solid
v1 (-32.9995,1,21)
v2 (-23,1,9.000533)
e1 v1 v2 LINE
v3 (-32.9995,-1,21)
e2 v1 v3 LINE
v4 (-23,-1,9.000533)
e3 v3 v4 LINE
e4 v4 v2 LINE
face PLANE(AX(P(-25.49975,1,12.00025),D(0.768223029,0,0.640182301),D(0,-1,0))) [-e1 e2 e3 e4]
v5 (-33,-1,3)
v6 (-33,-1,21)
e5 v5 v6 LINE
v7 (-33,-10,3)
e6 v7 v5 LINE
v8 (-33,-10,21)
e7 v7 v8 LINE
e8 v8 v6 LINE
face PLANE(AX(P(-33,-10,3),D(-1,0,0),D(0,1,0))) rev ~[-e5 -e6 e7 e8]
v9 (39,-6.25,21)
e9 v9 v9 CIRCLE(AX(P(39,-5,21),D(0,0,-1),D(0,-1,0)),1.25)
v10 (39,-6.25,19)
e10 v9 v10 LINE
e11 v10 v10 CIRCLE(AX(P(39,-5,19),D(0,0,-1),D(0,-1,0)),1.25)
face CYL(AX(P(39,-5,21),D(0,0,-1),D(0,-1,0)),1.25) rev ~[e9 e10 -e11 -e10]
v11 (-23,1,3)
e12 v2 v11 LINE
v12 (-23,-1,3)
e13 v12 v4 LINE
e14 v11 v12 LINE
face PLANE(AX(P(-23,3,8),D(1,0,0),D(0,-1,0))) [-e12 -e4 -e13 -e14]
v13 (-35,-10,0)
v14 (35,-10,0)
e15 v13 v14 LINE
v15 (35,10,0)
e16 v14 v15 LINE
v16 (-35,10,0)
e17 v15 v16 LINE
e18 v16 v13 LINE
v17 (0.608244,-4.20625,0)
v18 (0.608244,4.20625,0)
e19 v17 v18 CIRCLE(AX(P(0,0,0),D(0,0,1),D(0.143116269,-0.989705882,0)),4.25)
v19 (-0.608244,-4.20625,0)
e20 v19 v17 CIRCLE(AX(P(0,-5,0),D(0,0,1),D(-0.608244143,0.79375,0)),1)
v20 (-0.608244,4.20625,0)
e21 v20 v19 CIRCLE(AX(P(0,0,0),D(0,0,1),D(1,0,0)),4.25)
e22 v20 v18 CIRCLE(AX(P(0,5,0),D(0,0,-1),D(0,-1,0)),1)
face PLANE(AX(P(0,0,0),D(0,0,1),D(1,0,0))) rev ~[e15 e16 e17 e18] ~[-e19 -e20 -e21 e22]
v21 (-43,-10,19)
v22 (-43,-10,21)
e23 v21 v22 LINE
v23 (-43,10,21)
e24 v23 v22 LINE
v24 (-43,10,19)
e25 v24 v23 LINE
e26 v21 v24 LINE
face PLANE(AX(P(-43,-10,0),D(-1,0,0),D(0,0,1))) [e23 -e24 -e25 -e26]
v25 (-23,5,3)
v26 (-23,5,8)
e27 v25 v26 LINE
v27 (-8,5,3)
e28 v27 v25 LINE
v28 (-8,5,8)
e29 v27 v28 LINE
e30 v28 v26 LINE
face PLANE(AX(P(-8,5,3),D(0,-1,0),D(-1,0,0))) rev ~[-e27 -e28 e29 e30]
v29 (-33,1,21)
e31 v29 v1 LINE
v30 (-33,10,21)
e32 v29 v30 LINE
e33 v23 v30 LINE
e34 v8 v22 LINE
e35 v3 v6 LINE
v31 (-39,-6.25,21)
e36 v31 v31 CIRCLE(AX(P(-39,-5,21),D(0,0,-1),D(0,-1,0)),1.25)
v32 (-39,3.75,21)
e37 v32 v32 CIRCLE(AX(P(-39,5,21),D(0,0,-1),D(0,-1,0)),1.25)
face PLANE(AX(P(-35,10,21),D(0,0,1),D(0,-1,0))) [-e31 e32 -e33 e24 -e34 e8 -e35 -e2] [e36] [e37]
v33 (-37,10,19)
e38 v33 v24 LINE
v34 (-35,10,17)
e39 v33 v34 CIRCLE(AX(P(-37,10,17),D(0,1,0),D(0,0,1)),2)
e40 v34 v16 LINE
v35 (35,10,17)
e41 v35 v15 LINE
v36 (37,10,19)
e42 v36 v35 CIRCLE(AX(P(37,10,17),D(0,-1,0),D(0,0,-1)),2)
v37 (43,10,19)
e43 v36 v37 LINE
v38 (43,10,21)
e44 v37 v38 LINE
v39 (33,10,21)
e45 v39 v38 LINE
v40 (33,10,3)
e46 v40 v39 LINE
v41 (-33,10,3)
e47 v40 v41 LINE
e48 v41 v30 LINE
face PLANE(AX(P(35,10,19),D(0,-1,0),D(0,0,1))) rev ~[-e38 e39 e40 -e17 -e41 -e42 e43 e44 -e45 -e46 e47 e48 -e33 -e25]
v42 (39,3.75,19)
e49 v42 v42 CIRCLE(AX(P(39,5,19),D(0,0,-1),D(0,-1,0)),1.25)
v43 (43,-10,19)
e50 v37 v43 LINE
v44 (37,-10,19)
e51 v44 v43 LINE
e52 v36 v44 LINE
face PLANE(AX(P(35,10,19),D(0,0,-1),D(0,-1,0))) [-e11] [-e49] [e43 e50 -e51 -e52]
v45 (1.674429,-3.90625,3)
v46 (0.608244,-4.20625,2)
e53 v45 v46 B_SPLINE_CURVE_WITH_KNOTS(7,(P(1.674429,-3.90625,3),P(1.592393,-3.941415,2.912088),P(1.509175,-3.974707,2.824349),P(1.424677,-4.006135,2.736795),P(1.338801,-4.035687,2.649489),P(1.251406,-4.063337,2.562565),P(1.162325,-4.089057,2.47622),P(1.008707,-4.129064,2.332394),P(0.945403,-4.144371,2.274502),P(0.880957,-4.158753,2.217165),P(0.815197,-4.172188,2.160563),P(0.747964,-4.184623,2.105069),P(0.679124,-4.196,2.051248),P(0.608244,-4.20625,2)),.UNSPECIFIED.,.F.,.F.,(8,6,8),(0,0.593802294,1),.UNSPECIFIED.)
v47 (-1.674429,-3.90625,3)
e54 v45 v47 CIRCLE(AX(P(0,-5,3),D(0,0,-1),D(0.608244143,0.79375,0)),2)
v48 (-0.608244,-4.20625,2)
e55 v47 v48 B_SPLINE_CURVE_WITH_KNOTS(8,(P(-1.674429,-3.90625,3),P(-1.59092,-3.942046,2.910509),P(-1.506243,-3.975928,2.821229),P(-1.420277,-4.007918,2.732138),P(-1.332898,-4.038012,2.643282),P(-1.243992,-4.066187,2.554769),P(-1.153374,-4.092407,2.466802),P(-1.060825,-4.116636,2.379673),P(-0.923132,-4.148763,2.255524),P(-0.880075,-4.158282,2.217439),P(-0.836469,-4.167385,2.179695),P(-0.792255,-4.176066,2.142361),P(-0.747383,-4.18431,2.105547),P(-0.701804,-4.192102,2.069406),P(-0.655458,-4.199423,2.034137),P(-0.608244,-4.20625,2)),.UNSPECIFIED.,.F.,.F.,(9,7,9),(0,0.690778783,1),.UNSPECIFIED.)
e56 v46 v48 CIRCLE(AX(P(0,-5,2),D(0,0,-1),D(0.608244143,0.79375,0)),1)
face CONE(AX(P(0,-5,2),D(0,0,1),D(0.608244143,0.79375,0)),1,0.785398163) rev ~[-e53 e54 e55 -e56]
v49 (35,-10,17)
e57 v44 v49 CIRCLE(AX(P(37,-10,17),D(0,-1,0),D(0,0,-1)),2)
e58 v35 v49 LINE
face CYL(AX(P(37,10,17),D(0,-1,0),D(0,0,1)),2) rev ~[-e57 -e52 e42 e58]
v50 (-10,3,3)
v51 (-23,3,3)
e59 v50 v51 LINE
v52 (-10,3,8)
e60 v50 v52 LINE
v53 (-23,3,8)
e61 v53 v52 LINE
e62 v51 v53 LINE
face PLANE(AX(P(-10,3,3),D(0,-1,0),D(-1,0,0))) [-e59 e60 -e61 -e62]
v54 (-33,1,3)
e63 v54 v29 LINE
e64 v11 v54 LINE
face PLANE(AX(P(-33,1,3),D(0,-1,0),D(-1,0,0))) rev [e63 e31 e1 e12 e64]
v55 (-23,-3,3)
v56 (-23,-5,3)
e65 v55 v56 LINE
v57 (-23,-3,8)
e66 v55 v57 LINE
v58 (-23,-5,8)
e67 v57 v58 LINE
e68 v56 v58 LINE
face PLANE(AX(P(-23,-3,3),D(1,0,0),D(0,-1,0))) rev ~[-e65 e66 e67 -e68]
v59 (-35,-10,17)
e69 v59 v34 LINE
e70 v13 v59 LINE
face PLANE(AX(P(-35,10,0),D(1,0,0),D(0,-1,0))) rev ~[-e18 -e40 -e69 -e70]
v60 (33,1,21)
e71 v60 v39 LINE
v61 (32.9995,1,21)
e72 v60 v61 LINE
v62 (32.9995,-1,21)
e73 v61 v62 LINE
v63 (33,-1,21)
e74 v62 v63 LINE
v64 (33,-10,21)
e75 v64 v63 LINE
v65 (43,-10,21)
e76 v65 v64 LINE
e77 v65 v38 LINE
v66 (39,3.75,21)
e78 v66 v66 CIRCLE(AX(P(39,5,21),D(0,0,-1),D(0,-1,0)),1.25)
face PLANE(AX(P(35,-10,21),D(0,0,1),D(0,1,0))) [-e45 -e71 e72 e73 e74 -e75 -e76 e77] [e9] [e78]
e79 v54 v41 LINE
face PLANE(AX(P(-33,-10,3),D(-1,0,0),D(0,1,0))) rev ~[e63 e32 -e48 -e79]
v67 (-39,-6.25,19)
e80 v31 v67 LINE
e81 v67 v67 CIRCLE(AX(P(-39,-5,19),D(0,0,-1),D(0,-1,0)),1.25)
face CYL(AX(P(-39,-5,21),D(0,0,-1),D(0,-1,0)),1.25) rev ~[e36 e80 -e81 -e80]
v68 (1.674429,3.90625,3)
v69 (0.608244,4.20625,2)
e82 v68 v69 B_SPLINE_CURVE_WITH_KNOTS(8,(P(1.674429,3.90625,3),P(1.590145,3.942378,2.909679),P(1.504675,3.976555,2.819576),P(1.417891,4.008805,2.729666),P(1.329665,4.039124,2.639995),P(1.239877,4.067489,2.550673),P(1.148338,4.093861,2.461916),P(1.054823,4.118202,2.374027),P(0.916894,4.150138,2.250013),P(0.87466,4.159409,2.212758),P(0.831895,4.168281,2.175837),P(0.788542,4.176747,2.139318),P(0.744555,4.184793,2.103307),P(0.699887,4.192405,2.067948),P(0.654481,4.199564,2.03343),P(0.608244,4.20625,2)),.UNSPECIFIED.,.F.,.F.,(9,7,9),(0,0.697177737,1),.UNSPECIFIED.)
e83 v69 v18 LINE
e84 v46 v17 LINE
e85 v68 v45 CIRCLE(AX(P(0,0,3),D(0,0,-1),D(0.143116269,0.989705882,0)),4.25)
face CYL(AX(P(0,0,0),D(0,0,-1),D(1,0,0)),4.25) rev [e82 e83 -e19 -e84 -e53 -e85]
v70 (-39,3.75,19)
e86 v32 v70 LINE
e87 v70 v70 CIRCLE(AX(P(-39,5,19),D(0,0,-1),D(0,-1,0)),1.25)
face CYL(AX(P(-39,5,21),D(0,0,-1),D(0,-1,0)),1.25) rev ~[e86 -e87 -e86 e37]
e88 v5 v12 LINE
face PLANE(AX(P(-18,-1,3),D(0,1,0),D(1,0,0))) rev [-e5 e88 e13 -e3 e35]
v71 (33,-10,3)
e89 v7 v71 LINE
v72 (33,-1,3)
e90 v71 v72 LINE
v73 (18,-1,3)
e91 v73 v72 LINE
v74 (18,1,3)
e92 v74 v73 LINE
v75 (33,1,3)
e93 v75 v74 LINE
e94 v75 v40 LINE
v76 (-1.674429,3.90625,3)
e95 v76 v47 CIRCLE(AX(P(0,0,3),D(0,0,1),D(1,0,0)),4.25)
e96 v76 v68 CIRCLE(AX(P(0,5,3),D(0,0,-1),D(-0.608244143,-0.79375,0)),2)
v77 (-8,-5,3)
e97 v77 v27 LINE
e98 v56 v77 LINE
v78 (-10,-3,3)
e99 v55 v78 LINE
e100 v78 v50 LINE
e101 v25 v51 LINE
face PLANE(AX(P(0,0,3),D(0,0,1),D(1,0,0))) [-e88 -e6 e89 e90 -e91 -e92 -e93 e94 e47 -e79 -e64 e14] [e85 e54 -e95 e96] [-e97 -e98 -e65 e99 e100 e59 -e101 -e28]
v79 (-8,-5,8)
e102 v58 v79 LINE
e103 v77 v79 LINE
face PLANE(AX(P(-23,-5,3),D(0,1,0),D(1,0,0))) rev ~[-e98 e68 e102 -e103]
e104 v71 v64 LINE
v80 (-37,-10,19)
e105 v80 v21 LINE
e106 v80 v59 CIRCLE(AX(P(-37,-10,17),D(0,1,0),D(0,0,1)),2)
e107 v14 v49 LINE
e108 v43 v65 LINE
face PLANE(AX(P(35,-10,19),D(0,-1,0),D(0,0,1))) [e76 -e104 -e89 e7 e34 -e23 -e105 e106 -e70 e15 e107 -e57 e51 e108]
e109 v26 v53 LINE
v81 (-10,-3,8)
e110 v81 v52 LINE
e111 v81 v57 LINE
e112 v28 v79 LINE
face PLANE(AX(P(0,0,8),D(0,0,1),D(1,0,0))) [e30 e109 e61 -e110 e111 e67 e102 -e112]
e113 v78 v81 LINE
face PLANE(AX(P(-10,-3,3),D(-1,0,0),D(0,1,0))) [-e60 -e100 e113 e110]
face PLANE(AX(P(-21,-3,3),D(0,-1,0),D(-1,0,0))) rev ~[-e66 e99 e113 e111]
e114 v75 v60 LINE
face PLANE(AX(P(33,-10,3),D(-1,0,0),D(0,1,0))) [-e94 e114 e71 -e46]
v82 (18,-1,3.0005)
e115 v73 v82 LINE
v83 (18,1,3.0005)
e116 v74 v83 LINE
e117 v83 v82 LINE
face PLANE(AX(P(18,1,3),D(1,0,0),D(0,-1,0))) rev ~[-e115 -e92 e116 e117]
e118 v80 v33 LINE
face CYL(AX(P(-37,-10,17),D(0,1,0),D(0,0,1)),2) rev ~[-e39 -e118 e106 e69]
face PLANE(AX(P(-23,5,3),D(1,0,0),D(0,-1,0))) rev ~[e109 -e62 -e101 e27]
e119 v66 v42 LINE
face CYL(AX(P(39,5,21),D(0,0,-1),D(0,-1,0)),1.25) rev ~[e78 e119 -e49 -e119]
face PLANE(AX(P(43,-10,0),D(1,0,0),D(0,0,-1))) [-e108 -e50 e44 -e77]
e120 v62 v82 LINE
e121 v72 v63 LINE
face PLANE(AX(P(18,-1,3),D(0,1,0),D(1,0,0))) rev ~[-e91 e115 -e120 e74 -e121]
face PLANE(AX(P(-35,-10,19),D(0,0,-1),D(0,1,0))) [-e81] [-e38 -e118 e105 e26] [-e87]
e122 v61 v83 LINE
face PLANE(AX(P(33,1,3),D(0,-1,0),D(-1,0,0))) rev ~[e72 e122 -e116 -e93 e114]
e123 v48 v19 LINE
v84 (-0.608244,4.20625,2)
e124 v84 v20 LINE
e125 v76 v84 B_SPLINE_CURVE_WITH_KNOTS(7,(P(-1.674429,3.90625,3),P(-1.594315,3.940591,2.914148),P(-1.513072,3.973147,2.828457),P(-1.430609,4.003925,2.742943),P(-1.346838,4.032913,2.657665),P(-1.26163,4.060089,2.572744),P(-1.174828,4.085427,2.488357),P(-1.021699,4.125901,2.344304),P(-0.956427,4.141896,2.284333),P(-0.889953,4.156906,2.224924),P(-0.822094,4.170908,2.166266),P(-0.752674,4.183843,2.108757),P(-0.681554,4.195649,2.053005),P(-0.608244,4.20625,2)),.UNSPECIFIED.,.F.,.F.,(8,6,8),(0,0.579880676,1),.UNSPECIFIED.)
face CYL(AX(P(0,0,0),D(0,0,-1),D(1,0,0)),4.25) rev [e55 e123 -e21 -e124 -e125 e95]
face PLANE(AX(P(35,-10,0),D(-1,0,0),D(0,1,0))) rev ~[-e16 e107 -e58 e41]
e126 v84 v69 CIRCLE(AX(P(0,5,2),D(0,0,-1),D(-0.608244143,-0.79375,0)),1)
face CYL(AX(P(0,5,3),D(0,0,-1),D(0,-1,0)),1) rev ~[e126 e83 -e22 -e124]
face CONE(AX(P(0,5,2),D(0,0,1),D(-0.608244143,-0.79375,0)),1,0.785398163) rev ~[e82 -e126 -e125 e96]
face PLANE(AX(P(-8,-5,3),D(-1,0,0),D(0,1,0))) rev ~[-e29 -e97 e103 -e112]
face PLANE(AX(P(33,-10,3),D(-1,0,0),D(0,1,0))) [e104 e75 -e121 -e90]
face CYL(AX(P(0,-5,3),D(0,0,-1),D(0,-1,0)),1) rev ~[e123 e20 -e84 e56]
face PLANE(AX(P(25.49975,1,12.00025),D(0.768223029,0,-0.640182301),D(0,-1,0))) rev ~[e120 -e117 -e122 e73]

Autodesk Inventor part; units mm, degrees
ref_plane "XZ Plane" through (0, 0, 0) normal (0, 1, 0) x (-1, 0, 0)
ref_plane "XY Plane" through (0, 0, 0) normal (0, 0, 1) x (1, 0, 0)
sketch "Boceto1" plane through (0, 0, 0) normal (0, 0, 1) x (1, 0, 0)
  circle A0 centre (0, 0) radius 4.25
  line L0 (-35, -10) -> (35, -10)
  line L1 (35, -10) -> (35, 10)
  line L2 (35, 10) -> (-35, 10)
  line L3 (-35, 10) -> (-35, -10)
  line L4 (-35, -10) -> (35, 10) construction
  line L5 (35, -10) -> (-35, 10) construction
  circle A1 centre (0, 0) radius 8
  dimension "d0" = 8.5
  dimension "d1" = 70
  dimension "d2" = 20
  dimension "d3" = 16
extrude "Extrusión1" add sketch "Boceto1" along normal blind 3 contours L3 L2 L1 L0 | A1
sketch "Boceto3" plane through (0, 0, 3) normal (0, 0, 1) x (1, 0, 0)
  line L0 (-35, 10) -> (-35, -10) projected
  line L1 (-35, -10) -> (-33, -10)
  line L2 (-33, -10) -> (-33, 10)
  line L3 (-33, 10) -> (-35, 10)
  line L4 (-35, 10) -> (-35, -10)
  line L5 (35, -10) -> (33, -10)
  line L6 (33, -10) -> (33, 10)
  line L7 (33, 10) -> (35, 10)
  line L8 (35, 10) -> (35, -10)
  point P0 (0, 0)
  dimension "d10" = 2
  dimension "d11" = 20
  dimension "d12" = 2
  dimension "d13" = 20
ref_plane "Plano de trabajo1" through (-48.5042, -32, 20) normal (0, 0, -1) x (0, 1, 0)
extrude "Extrusión3" add sketch "Boceto3" along normal blind 18
sketch "Boceto4" plane through (0, 0, 3) normal (0, 0, 1) x (1, 0, 0)
  circle A0 centre (0, 0) radius 4.25 projected
  circle A1 centre (0, -5) radius 1 projected
  circle A2 centre (0, 5) radius 1 projected
hole "Agujero1" at (0, -5, 3) at (0, 5, 3) direction (0, 0, -1) diameter 2 depth 3
chamfer "Chaflán1" distance 1 angle 45 2 edges at (0, -6, 3) (0, 6, 3)
sketch "Boceto5" plane through (-35, -10, 0) normal (-1, 0, 0) x (0, 0, 1)
  line L0 (0, 0) -> (21, 0) projected
  line L1 (21, 0) -> (19, 0)
  line L2 (19, 0) -> (19, 20)
  line L3 (19, 20) -> (21, 20)
  line L4 (21, 20) -> (21, 0)
  point P0 (0, 10)
  dimension "d49" = 2
  dimension "d50" = 20
extrude "Extrusión4" add sketch "Boceto5" along normal blind 8
sketch "Boceto6" plane through (35, -10, 0) normal (1, 0, 0) x (0, 0, -1)
  line L0 (0, 20) -> (-21, 20) projected
  line L1 (-21, 20) -> (-19, 20)
  line L2 (-19, 20) -> (-19, 0)
  line L3 (-19, 0) -> (-21, 0)
  line L4 (-21, 0) -> (-21, 20)
  point P0 (0, 10)
  dimension "d51" = 2
  dimension "d52" = 20
extrude "Extrusión5" add sketch "Boceto6" along normal blind 8
sketch "Boceto8" plane through (0, 0, 21) normal (0, 0, 1) x (1, 0, 0)
  line L0 (43, 10) -> (43, -10) projected
  line L1 (33, 10) -> (43, 10) projected
  line L2 (33, -10) -> (43, -10) projected
  point P0 (0, 0)
  point P1 (39, -5)
  point P2 (39, 5)
  dimension "d53" = 4
  dimension "d54" = 4
  dimension "d55" = 5
  dimension "d56" = 5
hole "Agujero3" at (39, 5, 21) at (39, -5, 21) direction (0, 0, -1) diameter 2.5 end through all
sketch "Boceto9" plane through (0, 0, 21) normal (0, 0, 1) x (1, 0, 0)
  line L0 (-33, 10) -> (-43, 10) projected
  line L1 (-43, -10) -> (-43, 10) projected
  line L2 (-33, -10) -> (-43, -10) projected
  point P0 (0, 0)
  point P1 (-39, 5)
  point P2 (-39, -5)
  dimension "d64" = 5
  dimension "d65" = 4
  dimension "d73" = 5
  dimension "d74" = 4
hole "Agujero4" at (-39, 5, 21) at (-39, -5, 21) direction (0, 0, -1) diameter 2.5 end through all
sketch "Boceto10" plane through (0, 0, 3) normal (0, 0, 1) x (1, 0, 0)
  line L0 (33, -10) -> (33, 10) projected
  line L1 (33, 0) -> (33, 1)
  line L2 (33, 0) -> (34, 0) construction
  line L3 (33, 1) -> (18, 1)
  line L4 (18, 1) -> (18, -1)
  line L5 (18, -1) -> (33, -1)
  line L6 (33, -1) -> (33, 1)
  point P0 (0, 0)
  dimension "d75" = 1
  dimension "d76" = 90
  dimension "d77" = 15
  dimension "d78" = 2
extrude "Extrusión6" add sketch "Boceto10" along normal blind 18
chamfer "Chaflán2" distance 15 distance2 18 1 edges at (18, 0, 21) measured on face at (42.0563, 1.5189, 21)
fillet "Empalme2" radius 2 2 edges at (35, 0, 19) (-35, 0, 19)
mirror "Simetría1" about plane through (0, 0, 0) normal (1, 0, 0) of "Extrusión6", "Chaflán2"
ref_plane "Plano de trabajo2" through (-10, 0, 0) normal (1, 0, 0) x (0, 1, 0)
sketch "Boceto12" plane through (0, 0, 3) normal (0, 0, 1) x (1, 0, 0)
  line L0 (-10, -3) -> (-21, -3) projected
  line L1 (-21, -3) -> (-21, 3) projected
  line L2 (-10, 3) -> (-21, 3) projected
  line L3 (-10, -3) -> (-10, 3) projected
  point P0 (0, 0)
extrude "Extrusión7" cut sketch "Boceto12" along normal blind 10
sketch "Boceto13" plane through (0, 0, 3) normal (0, 0, 1) x (1, 0, 0)
  line L0 (-10, -3) -> (-21, -3) projected
  line L1 (-21, -3) -> (-21, 3) projected
  line L2 (-10, 3) -> (-21, 3) projected
  line L3 (-10, -3) -> (-10, 3) projected
  line L4 (-23, -5) -> (-8, -5)
  line L5 (-8, -5) -> (-8, 5)
  line L6 (-8, 5) -> (-23, 5)
  line L7 (-23, 5) -> (-23, -5)
  line L8 (-10, -3) -> (-8, -3)
  line L9 (-10, 3) -> (-8, 3)
  line L10 (-33, -1) -> (-21, -1) projected
  line L11 (-21, 1) -> (-33, 1) projected
  line L12 (-21, -3) -> (-23, -3)
  line L13 (-21, 3) -> (-23, 3)
  point P0 (0, 0)
  point P1 (-23, 1)
  point P2 (-23, -1)
  dimension "d88" = 2
extrude "Extrusión8" add sketch "Boceto13" along normal blind 5 contours L8 L5 L4 L7 L12 L0 | L3 L9 L5 L8 | L2 L13 L7 L6 L5 L9 | L10 L7 L11 L1
sketch "Boceto14" plane through (0, 0, 8) normal (0, 0, 1) x (1, 0, 0)
  line L0 (-10, 3) -> (-23, 3) projected
  line L1 (-23, -3) -> (-10, -3) projected
  line L2 (-10, 3) -> (-23, 3)
  line L3 (-23, 3) -> (-23, -3)
  line L4 (-23, -3) -> (-10, -3)
  line L5 (-10, -3) -> (-10, 3)
  point P0 (0, 0)
extrude "Extrusión9" cut sketch "Boceto14" along normal blind 5 and the other way blind 5
properties part number "Soporte motor"
